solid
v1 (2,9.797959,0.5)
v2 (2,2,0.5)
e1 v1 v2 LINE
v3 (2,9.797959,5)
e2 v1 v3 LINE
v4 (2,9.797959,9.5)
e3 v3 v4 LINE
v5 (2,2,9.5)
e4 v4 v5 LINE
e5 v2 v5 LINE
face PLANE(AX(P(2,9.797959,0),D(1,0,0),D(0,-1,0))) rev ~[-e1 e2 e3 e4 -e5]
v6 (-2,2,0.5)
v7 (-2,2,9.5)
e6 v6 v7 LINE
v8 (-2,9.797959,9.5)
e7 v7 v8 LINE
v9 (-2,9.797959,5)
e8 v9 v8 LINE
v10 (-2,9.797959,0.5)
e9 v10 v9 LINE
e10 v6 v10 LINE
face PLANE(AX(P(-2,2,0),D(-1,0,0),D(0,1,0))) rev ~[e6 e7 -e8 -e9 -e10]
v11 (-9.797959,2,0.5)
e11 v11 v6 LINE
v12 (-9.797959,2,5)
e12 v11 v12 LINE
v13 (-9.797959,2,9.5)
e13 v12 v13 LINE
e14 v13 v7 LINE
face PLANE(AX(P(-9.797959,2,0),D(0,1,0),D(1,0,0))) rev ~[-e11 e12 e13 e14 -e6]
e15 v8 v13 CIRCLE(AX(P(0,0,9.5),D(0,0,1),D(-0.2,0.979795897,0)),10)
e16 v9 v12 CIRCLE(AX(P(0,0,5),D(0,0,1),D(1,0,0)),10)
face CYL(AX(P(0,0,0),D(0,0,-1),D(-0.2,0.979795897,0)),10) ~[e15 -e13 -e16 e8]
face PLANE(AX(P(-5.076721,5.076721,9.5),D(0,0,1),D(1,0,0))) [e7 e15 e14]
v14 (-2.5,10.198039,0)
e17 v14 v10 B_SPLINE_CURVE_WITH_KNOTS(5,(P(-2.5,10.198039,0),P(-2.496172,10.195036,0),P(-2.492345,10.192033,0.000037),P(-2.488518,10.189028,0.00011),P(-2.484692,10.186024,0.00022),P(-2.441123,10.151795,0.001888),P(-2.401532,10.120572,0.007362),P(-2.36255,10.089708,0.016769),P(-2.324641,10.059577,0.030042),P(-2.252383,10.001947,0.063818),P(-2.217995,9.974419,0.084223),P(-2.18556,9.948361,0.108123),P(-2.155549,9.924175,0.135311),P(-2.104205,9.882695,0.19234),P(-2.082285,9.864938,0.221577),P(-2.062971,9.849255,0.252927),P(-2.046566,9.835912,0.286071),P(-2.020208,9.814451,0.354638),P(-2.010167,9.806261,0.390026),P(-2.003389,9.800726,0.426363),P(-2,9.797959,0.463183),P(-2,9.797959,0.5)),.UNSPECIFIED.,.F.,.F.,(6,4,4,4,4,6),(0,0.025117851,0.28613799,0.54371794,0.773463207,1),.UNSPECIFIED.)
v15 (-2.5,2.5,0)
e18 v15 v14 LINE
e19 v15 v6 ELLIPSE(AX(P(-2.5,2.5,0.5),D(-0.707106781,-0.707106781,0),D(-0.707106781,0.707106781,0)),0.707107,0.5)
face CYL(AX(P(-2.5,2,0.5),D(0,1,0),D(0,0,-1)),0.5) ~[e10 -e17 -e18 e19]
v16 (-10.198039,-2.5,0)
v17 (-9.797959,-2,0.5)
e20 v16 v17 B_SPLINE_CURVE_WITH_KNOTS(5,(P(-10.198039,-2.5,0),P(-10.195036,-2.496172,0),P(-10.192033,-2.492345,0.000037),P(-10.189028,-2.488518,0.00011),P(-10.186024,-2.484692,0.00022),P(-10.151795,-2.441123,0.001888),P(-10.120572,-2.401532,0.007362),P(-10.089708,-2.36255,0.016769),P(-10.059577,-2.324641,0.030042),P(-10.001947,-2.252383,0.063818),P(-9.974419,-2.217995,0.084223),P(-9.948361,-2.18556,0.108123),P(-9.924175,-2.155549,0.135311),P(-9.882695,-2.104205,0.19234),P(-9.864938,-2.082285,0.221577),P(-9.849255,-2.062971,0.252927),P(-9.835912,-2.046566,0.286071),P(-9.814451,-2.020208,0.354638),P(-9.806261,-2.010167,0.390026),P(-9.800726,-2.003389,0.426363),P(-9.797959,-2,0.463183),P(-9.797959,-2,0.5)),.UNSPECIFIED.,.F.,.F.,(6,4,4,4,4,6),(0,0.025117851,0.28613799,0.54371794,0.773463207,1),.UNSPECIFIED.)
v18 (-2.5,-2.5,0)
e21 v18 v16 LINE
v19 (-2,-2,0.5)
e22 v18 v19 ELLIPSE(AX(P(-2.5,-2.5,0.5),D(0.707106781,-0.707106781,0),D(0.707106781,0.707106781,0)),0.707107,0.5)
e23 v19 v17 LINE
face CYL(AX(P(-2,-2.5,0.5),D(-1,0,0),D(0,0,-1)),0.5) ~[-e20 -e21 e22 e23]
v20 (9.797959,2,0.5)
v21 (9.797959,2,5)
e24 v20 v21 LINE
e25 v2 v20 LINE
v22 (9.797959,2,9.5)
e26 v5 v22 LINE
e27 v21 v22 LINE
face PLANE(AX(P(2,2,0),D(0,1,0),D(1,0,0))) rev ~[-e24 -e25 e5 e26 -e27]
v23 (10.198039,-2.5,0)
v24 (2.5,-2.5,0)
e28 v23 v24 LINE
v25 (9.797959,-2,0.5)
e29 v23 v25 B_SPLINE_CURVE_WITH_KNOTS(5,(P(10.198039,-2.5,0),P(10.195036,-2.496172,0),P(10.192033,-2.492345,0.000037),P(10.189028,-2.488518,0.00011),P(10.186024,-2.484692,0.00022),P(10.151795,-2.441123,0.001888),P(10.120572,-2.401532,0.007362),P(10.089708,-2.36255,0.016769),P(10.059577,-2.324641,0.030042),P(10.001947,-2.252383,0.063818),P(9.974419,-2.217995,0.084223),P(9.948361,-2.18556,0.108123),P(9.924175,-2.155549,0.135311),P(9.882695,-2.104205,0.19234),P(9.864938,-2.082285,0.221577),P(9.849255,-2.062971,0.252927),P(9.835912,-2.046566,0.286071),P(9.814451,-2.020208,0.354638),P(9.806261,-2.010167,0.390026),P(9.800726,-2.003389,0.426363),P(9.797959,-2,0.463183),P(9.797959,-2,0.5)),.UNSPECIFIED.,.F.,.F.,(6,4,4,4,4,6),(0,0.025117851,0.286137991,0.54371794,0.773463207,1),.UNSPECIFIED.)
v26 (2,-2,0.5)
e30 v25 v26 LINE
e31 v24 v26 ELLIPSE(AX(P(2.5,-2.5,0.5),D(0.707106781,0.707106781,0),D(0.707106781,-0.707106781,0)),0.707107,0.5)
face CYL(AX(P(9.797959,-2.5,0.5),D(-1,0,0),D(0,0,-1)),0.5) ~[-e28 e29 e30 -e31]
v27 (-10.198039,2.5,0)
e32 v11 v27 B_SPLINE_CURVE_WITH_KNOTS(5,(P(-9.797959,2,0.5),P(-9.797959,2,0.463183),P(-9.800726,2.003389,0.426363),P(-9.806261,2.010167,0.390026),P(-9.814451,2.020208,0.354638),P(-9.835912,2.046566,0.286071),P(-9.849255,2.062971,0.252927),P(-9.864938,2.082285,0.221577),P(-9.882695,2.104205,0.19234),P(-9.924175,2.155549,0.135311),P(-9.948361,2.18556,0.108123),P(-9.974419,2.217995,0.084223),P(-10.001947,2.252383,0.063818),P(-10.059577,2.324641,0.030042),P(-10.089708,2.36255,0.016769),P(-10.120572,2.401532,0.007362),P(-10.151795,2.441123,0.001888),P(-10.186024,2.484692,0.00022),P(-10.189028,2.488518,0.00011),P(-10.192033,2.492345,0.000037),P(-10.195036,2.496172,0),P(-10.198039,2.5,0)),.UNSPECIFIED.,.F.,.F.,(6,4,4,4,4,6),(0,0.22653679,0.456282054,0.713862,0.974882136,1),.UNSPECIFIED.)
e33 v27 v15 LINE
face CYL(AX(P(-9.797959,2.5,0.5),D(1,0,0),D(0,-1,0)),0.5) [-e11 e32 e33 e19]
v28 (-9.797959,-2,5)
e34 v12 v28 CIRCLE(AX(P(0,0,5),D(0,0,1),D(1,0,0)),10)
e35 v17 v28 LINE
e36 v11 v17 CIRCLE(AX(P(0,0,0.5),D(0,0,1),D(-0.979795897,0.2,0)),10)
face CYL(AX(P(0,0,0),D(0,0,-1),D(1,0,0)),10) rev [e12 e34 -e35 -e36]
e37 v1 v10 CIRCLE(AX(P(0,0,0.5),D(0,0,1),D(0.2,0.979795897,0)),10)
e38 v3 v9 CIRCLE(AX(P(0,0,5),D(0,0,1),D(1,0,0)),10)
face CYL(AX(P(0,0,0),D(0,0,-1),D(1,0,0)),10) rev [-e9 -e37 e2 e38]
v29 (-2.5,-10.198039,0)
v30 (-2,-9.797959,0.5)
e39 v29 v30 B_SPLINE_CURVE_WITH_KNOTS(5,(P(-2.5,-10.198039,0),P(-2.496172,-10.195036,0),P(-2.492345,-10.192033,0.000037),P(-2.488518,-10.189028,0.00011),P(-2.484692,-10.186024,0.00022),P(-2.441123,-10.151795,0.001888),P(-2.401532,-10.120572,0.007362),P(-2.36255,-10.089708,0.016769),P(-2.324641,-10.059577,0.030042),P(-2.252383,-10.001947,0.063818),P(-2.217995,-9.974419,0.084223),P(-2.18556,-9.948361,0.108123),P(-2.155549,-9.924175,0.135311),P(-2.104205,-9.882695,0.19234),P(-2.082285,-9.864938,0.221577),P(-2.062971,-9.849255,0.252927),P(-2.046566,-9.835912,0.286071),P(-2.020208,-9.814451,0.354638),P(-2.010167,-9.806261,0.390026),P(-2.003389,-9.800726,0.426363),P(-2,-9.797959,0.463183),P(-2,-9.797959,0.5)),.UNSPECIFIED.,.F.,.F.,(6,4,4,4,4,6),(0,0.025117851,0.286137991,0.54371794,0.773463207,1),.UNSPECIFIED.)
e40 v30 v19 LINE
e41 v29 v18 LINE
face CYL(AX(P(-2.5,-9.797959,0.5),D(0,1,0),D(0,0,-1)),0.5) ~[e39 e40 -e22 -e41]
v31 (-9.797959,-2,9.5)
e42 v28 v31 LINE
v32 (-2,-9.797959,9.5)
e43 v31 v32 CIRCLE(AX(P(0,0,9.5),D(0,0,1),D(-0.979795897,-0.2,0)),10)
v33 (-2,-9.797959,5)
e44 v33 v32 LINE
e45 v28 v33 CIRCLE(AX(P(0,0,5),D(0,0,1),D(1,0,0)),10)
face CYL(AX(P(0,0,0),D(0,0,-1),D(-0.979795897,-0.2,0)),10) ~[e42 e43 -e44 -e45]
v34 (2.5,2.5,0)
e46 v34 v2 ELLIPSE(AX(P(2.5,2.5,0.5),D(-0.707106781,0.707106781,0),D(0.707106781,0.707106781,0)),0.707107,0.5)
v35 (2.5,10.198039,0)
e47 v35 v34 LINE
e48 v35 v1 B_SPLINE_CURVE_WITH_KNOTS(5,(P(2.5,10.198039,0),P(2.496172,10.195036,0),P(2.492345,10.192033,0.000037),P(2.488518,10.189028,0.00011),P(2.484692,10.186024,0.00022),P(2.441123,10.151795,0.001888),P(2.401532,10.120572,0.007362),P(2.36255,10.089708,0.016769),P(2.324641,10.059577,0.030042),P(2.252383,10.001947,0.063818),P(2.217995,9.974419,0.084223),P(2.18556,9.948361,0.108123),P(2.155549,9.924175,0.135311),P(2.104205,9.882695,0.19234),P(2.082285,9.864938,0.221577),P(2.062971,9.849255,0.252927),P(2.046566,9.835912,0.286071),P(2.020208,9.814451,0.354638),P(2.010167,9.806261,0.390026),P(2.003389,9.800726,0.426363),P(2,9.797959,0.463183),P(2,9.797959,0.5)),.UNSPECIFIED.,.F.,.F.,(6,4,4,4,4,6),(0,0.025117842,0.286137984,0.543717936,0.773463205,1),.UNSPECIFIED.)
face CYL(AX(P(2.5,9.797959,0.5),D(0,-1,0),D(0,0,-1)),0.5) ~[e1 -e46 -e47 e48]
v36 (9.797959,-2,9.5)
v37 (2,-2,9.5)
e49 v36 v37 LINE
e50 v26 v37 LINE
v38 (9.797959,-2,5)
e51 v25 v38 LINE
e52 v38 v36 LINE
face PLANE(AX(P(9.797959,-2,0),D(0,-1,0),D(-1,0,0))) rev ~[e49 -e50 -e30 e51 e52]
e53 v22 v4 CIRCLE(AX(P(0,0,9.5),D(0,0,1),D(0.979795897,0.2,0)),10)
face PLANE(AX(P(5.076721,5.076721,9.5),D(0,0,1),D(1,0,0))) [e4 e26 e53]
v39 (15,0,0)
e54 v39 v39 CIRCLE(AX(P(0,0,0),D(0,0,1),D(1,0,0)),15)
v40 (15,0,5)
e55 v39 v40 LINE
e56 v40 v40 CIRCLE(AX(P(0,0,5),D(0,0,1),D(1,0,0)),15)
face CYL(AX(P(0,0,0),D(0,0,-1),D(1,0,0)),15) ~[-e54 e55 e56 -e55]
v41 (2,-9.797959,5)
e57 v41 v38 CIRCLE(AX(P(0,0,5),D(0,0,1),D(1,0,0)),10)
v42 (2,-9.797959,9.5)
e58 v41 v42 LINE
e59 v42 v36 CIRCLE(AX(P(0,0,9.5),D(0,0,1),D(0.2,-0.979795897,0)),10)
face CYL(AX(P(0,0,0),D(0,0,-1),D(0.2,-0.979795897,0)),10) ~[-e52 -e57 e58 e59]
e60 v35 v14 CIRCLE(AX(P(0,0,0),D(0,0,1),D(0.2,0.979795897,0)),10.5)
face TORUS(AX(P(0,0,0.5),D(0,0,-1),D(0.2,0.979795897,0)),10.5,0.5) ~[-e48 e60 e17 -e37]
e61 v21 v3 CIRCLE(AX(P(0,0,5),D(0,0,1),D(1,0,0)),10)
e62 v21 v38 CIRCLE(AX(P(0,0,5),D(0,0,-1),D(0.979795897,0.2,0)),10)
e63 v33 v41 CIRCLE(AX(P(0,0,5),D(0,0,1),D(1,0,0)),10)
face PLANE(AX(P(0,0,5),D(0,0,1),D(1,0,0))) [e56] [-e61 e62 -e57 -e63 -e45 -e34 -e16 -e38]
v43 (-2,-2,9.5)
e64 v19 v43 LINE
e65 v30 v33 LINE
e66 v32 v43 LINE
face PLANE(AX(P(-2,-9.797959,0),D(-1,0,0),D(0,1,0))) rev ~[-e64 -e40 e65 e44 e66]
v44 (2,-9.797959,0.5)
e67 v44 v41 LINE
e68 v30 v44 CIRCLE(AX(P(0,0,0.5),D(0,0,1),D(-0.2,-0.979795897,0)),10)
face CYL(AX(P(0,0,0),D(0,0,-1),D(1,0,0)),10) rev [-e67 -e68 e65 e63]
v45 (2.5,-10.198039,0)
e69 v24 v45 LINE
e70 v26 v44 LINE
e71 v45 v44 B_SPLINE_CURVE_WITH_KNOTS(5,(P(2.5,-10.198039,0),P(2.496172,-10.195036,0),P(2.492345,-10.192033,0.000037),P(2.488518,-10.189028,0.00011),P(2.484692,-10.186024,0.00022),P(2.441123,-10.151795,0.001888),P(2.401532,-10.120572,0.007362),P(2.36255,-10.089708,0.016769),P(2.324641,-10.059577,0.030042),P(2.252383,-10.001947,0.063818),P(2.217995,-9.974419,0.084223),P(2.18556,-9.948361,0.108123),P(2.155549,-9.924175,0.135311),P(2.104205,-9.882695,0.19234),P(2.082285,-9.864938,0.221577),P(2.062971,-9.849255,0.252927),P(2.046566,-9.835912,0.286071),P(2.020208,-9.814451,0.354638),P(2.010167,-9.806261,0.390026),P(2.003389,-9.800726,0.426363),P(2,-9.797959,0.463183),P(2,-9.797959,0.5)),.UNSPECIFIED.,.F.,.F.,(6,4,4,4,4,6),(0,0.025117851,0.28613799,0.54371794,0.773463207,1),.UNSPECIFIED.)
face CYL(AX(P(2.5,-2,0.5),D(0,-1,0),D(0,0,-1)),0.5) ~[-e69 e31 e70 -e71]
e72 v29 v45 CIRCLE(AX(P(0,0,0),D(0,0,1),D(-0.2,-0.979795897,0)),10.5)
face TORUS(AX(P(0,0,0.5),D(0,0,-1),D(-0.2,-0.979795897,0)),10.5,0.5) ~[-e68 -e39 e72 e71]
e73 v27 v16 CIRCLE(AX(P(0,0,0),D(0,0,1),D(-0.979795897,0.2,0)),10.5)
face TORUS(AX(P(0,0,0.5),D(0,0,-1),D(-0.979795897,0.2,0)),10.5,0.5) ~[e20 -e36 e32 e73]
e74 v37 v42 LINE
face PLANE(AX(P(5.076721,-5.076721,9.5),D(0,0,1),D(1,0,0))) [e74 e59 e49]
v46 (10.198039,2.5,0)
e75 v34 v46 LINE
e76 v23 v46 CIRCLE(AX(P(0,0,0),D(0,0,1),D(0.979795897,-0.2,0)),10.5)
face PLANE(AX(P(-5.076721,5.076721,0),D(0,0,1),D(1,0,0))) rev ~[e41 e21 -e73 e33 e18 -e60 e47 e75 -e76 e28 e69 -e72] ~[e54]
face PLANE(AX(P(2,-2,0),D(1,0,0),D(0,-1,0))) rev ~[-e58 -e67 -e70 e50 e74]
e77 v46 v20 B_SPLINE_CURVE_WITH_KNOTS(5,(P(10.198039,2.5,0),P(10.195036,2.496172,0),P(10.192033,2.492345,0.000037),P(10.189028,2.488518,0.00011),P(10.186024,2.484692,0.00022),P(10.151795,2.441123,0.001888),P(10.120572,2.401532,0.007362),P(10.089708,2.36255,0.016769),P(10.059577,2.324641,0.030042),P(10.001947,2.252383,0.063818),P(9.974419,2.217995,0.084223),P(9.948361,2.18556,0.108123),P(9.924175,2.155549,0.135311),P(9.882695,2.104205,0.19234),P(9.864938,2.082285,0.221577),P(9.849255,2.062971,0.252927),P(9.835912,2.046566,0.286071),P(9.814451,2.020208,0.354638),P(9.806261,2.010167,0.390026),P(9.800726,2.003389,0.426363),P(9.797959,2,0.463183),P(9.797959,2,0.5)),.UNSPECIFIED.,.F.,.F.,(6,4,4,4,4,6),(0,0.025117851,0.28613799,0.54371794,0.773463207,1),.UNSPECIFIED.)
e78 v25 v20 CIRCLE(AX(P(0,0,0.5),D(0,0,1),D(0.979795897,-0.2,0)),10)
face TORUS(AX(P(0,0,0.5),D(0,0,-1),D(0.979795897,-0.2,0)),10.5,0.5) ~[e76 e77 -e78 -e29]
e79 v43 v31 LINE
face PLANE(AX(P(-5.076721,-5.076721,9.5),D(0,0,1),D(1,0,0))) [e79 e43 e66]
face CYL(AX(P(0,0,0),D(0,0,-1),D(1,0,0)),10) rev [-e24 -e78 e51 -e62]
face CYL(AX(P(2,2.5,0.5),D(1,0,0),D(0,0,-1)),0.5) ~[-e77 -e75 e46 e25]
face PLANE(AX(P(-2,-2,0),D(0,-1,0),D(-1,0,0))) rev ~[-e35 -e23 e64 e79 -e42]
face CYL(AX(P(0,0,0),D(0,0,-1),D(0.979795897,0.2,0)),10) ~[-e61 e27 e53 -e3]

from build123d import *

# Parameters (mm, degrees)
SKETCH1_R           = 15
BOSS_EXTRUDE1_DEPTH = 5
BOSS_EXTRUDE2_DEPTH = 9.5
FILLET1_R           = 0.5


with BuildPart() as part:
    # Sketch1 → Boss-Extrude1 (new body)
    with BuildSketch(Plane.XY):
        Circle(SKETCH1_R)
        with BuildLine():
            ThreePointArc((1.9999999999999991, -9.797958971132713), (-1.84e-15, -10), (-2.0000000000000027, -9.797958971132712))
            ThreePointArc((-2.0000000000000027, -9.797958971132712), (-7.071067811865477, -7.071067811865475), (-9.797958971132712, -1.9999999999999996))
            ThreePointArc((-9.797958971132712, -1.9999999999999996), (-10, 1.22e-15), (-9.797958971132712, 2.000000000000002))
            ThreePointArc((-9.797958971132712, 2.000000000000002), (-7.071067811865475, 7.0710678118654755), (-2.0000000000000004, 9.797958971132712))
            ThreePointArc((-2.0000000000000004, 9.797958971132712), (-1.61e-15, 10), (1.9999999999999993, 9.797958971132713))
            ThreePointArc((1.9999999999999993, 9.797958971132713), (7.0710678118654755, 7.071067811865475), (9.797958971132712, 2))
            ThreePointArc((9.797958971132712, 2), (9.94936153005124, 1.0050896200520818), (10, 0))
            ThreePointArc((10, -2.45e-15), (9.94936153005124, -1.0050896200520847), (9.797958971132712, -2.000000000000003))
            ThreePointArc((9.797958971132712, -2.000000000000003), (7.071067811865474, -7.071067811865477), (1.9999999999999991, -9.797958971132713))
        make_face(mode=Mode.SUBTRACT)
    extrude(amount=BOSS_EXTRUDE1_DEPTH)

    # Sketch1<3> → Boss-Extrude2 (add)
    with BuildSketch(Plane.XY):
        with BuildLine():
            ThreePointArc((-9.797958971132712, -1.9999999999999996), (-7.071067811865477, -7.071067811865475), (-2.0000000000000027, -9.797958971132712))
            Line((-2, -9.797958971132713), (-2, -2))
            Line((-2, -2), (-9.797958971132713, -2))
        make_face()
        with BuildLine():
            Line((2, -2), (2, -9.797958971132713))
            ThreePointArc((1.9999999999999991, -9.797958971132713), (7.071067811865474, -7.071067811865477), (9.797958971132712, -2.000000000000003))
            Line((9.797958971132713, -2), (2, -2))
        make_face()
        with BuildLine():
            Line((-9.797958971132713, 2), (-2, 2))
            Line((-2, 2), (-2, 9.797958971132713))
            ThreePointArc((-2.0000000000000004, 9.797958971132712), (-7.071067811865475, 7.0710678118654755), (-9.797958971132712, 2.000000000000002))
        make_face()
        with BuildLine():
            Line((2, 9.797958971132713), (2, 2))
            Line((2, 2), (9.797958971132713, 2))
            ThreePointArc((9.797958971132712, 2), (7.0710678118654755, 7.071067811865475), (1.9999999999999993, 9.797958971132713))
        make_face()
    extrude(amount=BOSS_EXTRUDE2_DEPTH)

    # Fillet1
    fillet1_edges = [part.edges().sort_by_distance(p)[0] for p in [
        (2, 5.898979485566357, 0),
        (5.898979485566357, 2, 0),
        (10.00000000000005, 0, 0),
        (5.898979485566357, -2, 0),
        (-5.33e-15, -10.000000000000096, 0),
        (2, -5.898979485566357, 0),
        (-2, -5.898979485566357, 0),
        (-5.898979485566357, -2, 0),
        (-10.000000000000043, -8.22e-15, 0),
        (-5.898979485566357, 2, 0),
        (-8.9e-16, 9.999999999999998, 0),
        (-2, 5.898979485566357, 0),
    ]]
    fillet(fillet1_edges, radius=FILLET1_R)


solid = part.part
